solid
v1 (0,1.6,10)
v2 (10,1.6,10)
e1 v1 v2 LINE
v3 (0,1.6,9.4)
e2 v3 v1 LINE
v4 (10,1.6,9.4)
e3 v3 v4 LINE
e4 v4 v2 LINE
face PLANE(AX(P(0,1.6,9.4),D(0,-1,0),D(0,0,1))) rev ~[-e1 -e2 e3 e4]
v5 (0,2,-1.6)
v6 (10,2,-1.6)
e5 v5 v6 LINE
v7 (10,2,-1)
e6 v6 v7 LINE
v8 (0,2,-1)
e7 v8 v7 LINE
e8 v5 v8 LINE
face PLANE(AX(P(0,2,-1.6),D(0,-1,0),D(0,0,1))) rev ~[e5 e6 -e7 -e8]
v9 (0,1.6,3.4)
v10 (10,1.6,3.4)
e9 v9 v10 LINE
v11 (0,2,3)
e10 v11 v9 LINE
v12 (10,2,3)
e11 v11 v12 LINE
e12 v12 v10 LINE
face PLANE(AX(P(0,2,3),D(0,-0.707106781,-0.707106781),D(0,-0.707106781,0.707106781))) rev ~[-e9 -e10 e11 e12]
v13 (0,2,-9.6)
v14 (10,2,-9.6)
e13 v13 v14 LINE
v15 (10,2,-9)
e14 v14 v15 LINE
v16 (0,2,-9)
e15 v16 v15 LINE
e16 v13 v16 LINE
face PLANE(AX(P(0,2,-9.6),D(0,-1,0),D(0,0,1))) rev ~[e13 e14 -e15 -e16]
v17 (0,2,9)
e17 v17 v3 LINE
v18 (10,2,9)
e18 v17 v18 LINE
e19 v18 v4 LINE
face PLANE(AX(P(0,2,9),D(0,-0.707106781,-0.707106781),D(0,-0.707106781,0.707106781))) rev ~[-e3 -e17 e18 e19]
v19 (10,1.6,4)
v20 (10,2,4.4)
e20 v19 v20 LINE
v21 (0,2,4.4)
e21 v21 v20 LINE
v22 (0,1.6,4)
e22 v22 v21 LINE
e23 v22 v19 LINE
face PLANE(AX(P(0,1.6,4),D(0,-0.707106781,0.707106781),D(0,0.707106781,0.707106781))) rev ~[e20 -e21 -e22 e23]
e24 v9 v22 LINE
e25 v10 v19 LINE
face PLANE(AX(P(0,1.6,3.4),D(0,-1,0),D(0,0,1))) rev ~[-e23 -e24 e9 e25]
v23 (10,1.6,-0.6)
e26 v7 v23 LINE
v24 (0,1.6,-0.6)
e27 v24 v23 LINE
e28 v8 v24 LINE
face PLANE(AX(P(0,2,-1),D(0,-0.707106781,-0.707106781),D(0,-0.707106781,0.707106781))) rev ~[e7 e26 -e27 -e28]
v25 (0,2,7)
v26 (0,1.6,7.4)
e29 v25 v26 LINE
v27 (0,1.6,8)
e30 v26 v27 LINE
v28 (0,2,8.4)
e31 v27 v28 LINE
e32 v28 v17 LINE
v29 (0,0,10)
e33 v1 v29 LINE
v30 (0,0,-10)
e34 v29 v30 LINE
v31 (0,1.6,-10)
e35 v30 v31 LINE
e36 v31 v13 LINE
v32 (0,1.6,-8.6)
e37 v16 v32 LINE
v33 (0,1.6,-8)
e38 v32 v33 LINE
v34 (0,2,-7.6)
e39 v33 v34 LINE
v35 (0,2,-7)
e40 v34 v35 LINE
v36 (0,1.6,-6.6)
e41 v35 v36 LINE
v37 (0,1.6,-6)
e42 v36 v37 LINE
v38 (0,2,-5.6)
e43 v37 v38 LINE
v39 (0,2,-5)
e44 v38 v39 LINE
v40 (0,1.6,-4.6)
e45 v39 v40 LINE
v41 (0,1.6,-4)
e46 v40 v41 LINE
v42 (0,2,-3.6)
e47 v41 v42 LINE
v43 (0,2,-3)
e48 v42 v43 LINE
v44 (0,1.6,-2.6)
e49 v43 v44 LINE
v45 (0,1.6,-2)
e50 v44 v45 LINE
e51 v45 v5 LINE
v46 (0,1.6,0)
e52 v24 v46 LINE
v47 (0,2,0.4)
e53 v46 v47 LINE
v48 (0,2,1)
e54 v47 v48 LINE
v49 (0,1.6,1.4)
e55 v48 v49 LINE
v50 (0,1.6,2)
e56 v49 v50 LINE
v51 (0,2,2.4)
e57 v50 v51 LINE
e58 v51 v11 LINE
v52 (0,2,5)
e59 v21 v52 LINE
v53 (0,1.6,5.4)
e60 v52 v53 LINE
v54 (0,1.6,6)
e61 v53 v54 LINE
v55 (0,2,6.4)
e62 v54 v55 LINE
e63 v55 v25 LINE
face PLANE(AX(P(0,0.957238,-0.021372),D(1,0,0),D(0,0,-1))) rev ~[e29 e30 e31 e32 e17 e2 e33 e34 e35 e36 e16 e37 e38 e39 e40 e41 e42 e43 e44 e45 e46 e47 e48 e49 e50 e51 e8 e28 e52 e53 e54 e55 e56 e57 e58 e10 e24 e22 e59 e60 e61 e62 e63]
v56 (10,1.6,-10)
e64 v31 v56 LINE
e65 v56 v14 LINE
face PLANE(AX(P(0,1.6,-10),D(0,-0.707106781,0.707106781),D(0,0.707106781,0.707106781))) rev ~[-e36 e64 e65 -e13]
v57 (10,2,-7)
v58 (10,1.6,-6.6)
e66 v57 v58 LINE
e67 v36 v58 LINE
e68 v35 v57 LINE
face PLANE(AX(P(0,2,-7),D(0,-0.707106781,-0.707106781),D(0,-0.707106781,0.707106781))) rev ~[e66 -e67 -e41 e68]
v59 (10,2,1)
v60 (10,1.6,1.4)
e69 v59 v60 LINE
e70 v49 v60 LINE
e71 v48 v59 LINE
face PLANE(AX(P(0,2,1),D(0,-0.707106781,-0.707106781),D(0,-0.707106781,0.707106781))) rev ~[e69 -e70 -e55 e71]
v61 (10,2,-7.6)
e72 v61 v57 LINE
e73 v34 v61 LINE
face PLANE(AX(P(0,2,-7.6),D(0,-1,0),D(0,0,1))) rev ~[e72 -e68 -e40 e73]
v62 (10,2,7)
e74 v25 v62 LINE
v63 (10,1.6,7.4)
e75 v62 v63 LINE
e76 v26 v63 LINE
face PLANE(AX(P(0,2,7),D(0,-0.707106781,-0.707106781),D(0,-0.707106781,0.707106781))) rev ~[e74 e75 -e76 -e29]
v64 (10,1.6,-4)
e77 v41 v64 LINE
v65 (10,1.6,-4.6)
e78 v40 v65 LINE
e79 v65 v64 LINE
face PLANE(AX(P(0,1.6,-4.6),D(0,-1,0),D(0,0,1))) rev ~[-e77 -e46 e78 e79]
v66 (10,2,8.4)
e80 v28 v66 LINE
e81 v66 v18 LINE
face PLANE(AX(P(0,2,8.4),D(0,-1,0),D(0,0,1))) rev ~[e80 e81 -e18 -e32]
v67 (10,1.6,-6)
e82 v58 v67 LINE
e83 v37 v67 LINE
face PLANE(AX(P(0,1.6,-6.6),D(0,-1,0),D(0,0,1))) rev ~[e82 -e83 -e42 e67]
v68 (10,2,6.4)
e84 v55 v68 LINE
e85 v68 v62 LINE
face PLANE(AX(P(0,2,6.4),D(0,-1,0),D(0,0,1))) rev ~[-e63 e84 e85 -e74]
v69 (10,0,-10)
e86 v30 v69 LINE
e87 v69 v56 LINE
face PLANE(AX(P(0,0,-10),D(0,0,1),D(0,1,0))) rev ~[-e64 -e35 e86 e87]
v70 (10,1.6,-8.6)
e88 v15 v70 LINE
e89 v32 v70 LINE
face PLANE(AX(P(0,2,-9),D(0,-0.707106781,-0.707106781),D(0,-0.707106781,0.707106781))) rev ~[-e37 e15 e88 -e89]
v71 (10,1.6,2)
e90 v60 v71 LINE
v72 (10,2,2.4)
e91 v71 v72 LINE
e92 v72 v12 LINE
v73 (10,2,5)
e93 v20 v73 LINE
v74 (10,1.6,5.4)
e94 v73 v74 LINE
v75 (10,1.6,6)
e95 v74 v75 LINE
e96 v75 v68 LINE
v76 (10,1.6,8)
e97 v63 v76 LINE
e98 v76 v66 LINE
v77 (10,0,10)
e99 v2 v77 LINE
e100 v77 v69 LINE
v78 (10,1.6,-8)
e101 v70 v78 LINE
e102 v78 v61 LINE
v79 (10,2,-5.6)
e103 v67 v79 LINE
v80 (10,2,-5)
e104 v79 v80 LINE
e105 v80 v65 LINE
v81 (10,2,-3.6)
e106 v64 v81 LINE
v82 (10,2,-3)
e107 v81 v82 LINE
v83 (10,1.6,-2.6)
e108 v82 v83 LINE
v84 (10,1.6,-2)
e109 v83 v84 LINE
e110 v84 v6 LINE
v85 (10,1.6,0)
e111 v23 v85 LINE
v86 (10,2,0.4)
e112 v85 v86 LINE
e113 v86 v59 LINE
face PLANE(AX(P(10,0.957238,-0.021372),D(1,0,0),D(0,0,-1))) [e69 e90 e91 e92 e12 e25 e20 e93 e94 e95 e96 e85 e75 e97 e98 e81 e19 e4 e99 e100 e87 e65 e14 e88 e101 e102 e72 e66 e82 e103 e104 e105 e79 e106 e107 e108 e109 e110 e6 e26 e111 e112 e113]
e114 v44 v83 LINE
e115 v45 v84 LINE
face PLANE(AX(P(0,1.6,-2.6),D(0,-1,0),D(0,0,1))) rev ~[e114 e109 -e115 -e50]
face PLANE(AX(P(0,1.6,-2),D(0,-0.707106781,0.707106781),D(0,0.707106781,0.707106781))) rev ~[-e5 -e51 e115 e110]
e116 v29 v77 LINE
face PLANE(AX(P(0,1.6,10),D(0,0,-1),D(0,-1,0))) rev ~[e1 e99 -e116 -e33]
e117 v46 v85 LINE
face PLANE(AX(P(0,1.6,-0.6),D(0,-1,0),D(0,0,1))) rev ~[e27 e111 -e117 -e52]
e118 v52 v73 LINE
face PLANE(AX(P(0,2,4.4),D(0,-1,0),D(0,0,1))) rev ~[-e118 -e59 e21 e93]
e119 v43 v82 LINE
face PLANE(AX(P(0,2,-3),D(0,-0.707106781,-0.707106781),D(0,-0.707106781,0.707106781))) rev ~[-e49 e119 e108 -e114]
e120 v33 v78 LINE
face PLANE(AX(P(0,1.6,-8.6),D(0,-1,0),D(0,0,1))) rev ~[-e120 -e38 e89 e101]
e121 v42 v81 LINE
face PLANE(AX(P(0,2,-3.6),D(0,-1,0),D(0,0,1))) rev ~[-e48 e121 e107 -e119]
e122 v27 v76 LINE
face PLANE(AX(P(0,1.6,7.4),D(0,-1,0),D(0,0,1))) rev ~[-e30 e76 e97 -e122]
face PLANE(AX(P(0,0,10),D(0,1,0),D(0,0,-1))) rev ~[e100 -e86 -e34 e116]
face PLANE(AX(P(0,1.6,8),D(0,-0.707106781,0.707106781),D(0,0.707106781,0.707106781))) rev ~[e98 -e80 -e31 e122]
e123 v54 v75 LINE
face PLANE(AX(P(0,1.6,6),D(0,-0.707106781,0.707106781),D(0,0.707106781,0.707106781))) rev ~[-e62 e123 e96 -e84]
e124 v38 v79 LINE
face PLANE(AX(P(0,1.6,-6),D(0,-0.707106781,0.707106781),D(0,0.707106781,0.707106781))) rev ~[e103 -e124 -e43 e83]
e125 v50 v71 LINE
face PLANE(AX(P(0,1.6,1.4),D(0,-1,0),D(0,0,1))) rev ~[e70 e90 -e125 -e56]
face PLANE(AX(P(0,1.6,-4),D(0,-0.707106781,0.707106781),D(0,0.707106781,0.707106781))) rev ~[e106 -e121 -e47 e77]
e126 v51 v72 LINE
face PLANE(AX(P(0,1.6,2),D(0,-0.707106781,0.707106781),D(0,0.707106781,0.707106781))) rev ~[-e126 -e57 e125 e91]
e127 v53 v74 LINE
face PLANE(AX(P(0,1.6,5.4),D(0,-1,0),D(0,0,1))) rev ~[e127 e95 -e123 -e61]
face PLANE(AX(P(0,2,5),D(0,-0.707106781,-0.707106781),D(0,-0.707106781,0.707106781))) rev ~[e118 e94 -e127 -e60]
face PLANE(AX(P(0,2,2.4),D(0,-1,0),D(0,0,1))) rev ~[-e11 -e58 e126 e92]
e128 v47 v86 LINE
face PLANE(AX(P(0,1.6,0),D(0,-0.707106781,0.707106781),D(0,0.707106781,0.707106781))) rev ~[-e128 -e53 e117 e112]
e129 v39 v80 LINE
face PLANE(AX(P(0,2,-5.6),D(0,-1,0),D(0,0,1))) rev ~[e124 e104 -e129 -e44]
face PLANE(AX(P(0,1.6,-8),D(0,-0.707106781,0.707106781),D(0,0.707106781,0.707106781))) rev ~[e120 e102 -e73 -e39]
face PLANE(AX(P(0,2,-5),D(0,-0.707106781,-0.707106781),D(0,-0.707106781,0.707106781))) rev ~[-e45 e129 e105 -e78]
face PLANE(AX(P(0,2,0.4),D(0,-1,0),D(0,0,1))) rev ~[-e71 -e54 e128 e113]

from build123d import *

# Parameters (mm, degrees)
EXTRUDE_1_DEPTH = 10


with BuildPart() as part:
    # 草图2 → 凸台-拉伸1 (new body)
    with BuildSketch(Plane(origin=(0, 0, 0), x_dir=(0, 0, -1), z_dir=(1, 0, 0))):
        Polygon((-10, 0), (10, 0), (10, 1.6), (9.6, 2), (9, 2), (8.6, 1.6), (8, 1.6), (7.6, 2), (7, 2), (6.6, 1.6), (6, 1.6), (5.6, 2), (5, 2), (4.6, 1.6), (4, 1.6), (3.6, 2), (3, 2), (2.6, 1.6), (2, 1.6), (1.6, 2), (1, 2), (0.6, 1.6), (0, 1.6), (-0.4, 2), (-1, 2), (-1.4, 1.6), (-2, 1.6), (-2.4, 2), (-3, 2), (-3.4, 1.6), (-4, 1.6), (-4.4, 2), (-5, 2), (-5.4, 1.6), (-6, 1.6), (-6.4, 2), (-7, 2), (-7.4, 1.6), (-8, 1.6), (-8.4, 2), (-9, 2), (-9.4, 1.6), (-10, 1.6), align=None)
    extrude(amount=EXTRUDE_1_DEPTH)


solid = part.part
